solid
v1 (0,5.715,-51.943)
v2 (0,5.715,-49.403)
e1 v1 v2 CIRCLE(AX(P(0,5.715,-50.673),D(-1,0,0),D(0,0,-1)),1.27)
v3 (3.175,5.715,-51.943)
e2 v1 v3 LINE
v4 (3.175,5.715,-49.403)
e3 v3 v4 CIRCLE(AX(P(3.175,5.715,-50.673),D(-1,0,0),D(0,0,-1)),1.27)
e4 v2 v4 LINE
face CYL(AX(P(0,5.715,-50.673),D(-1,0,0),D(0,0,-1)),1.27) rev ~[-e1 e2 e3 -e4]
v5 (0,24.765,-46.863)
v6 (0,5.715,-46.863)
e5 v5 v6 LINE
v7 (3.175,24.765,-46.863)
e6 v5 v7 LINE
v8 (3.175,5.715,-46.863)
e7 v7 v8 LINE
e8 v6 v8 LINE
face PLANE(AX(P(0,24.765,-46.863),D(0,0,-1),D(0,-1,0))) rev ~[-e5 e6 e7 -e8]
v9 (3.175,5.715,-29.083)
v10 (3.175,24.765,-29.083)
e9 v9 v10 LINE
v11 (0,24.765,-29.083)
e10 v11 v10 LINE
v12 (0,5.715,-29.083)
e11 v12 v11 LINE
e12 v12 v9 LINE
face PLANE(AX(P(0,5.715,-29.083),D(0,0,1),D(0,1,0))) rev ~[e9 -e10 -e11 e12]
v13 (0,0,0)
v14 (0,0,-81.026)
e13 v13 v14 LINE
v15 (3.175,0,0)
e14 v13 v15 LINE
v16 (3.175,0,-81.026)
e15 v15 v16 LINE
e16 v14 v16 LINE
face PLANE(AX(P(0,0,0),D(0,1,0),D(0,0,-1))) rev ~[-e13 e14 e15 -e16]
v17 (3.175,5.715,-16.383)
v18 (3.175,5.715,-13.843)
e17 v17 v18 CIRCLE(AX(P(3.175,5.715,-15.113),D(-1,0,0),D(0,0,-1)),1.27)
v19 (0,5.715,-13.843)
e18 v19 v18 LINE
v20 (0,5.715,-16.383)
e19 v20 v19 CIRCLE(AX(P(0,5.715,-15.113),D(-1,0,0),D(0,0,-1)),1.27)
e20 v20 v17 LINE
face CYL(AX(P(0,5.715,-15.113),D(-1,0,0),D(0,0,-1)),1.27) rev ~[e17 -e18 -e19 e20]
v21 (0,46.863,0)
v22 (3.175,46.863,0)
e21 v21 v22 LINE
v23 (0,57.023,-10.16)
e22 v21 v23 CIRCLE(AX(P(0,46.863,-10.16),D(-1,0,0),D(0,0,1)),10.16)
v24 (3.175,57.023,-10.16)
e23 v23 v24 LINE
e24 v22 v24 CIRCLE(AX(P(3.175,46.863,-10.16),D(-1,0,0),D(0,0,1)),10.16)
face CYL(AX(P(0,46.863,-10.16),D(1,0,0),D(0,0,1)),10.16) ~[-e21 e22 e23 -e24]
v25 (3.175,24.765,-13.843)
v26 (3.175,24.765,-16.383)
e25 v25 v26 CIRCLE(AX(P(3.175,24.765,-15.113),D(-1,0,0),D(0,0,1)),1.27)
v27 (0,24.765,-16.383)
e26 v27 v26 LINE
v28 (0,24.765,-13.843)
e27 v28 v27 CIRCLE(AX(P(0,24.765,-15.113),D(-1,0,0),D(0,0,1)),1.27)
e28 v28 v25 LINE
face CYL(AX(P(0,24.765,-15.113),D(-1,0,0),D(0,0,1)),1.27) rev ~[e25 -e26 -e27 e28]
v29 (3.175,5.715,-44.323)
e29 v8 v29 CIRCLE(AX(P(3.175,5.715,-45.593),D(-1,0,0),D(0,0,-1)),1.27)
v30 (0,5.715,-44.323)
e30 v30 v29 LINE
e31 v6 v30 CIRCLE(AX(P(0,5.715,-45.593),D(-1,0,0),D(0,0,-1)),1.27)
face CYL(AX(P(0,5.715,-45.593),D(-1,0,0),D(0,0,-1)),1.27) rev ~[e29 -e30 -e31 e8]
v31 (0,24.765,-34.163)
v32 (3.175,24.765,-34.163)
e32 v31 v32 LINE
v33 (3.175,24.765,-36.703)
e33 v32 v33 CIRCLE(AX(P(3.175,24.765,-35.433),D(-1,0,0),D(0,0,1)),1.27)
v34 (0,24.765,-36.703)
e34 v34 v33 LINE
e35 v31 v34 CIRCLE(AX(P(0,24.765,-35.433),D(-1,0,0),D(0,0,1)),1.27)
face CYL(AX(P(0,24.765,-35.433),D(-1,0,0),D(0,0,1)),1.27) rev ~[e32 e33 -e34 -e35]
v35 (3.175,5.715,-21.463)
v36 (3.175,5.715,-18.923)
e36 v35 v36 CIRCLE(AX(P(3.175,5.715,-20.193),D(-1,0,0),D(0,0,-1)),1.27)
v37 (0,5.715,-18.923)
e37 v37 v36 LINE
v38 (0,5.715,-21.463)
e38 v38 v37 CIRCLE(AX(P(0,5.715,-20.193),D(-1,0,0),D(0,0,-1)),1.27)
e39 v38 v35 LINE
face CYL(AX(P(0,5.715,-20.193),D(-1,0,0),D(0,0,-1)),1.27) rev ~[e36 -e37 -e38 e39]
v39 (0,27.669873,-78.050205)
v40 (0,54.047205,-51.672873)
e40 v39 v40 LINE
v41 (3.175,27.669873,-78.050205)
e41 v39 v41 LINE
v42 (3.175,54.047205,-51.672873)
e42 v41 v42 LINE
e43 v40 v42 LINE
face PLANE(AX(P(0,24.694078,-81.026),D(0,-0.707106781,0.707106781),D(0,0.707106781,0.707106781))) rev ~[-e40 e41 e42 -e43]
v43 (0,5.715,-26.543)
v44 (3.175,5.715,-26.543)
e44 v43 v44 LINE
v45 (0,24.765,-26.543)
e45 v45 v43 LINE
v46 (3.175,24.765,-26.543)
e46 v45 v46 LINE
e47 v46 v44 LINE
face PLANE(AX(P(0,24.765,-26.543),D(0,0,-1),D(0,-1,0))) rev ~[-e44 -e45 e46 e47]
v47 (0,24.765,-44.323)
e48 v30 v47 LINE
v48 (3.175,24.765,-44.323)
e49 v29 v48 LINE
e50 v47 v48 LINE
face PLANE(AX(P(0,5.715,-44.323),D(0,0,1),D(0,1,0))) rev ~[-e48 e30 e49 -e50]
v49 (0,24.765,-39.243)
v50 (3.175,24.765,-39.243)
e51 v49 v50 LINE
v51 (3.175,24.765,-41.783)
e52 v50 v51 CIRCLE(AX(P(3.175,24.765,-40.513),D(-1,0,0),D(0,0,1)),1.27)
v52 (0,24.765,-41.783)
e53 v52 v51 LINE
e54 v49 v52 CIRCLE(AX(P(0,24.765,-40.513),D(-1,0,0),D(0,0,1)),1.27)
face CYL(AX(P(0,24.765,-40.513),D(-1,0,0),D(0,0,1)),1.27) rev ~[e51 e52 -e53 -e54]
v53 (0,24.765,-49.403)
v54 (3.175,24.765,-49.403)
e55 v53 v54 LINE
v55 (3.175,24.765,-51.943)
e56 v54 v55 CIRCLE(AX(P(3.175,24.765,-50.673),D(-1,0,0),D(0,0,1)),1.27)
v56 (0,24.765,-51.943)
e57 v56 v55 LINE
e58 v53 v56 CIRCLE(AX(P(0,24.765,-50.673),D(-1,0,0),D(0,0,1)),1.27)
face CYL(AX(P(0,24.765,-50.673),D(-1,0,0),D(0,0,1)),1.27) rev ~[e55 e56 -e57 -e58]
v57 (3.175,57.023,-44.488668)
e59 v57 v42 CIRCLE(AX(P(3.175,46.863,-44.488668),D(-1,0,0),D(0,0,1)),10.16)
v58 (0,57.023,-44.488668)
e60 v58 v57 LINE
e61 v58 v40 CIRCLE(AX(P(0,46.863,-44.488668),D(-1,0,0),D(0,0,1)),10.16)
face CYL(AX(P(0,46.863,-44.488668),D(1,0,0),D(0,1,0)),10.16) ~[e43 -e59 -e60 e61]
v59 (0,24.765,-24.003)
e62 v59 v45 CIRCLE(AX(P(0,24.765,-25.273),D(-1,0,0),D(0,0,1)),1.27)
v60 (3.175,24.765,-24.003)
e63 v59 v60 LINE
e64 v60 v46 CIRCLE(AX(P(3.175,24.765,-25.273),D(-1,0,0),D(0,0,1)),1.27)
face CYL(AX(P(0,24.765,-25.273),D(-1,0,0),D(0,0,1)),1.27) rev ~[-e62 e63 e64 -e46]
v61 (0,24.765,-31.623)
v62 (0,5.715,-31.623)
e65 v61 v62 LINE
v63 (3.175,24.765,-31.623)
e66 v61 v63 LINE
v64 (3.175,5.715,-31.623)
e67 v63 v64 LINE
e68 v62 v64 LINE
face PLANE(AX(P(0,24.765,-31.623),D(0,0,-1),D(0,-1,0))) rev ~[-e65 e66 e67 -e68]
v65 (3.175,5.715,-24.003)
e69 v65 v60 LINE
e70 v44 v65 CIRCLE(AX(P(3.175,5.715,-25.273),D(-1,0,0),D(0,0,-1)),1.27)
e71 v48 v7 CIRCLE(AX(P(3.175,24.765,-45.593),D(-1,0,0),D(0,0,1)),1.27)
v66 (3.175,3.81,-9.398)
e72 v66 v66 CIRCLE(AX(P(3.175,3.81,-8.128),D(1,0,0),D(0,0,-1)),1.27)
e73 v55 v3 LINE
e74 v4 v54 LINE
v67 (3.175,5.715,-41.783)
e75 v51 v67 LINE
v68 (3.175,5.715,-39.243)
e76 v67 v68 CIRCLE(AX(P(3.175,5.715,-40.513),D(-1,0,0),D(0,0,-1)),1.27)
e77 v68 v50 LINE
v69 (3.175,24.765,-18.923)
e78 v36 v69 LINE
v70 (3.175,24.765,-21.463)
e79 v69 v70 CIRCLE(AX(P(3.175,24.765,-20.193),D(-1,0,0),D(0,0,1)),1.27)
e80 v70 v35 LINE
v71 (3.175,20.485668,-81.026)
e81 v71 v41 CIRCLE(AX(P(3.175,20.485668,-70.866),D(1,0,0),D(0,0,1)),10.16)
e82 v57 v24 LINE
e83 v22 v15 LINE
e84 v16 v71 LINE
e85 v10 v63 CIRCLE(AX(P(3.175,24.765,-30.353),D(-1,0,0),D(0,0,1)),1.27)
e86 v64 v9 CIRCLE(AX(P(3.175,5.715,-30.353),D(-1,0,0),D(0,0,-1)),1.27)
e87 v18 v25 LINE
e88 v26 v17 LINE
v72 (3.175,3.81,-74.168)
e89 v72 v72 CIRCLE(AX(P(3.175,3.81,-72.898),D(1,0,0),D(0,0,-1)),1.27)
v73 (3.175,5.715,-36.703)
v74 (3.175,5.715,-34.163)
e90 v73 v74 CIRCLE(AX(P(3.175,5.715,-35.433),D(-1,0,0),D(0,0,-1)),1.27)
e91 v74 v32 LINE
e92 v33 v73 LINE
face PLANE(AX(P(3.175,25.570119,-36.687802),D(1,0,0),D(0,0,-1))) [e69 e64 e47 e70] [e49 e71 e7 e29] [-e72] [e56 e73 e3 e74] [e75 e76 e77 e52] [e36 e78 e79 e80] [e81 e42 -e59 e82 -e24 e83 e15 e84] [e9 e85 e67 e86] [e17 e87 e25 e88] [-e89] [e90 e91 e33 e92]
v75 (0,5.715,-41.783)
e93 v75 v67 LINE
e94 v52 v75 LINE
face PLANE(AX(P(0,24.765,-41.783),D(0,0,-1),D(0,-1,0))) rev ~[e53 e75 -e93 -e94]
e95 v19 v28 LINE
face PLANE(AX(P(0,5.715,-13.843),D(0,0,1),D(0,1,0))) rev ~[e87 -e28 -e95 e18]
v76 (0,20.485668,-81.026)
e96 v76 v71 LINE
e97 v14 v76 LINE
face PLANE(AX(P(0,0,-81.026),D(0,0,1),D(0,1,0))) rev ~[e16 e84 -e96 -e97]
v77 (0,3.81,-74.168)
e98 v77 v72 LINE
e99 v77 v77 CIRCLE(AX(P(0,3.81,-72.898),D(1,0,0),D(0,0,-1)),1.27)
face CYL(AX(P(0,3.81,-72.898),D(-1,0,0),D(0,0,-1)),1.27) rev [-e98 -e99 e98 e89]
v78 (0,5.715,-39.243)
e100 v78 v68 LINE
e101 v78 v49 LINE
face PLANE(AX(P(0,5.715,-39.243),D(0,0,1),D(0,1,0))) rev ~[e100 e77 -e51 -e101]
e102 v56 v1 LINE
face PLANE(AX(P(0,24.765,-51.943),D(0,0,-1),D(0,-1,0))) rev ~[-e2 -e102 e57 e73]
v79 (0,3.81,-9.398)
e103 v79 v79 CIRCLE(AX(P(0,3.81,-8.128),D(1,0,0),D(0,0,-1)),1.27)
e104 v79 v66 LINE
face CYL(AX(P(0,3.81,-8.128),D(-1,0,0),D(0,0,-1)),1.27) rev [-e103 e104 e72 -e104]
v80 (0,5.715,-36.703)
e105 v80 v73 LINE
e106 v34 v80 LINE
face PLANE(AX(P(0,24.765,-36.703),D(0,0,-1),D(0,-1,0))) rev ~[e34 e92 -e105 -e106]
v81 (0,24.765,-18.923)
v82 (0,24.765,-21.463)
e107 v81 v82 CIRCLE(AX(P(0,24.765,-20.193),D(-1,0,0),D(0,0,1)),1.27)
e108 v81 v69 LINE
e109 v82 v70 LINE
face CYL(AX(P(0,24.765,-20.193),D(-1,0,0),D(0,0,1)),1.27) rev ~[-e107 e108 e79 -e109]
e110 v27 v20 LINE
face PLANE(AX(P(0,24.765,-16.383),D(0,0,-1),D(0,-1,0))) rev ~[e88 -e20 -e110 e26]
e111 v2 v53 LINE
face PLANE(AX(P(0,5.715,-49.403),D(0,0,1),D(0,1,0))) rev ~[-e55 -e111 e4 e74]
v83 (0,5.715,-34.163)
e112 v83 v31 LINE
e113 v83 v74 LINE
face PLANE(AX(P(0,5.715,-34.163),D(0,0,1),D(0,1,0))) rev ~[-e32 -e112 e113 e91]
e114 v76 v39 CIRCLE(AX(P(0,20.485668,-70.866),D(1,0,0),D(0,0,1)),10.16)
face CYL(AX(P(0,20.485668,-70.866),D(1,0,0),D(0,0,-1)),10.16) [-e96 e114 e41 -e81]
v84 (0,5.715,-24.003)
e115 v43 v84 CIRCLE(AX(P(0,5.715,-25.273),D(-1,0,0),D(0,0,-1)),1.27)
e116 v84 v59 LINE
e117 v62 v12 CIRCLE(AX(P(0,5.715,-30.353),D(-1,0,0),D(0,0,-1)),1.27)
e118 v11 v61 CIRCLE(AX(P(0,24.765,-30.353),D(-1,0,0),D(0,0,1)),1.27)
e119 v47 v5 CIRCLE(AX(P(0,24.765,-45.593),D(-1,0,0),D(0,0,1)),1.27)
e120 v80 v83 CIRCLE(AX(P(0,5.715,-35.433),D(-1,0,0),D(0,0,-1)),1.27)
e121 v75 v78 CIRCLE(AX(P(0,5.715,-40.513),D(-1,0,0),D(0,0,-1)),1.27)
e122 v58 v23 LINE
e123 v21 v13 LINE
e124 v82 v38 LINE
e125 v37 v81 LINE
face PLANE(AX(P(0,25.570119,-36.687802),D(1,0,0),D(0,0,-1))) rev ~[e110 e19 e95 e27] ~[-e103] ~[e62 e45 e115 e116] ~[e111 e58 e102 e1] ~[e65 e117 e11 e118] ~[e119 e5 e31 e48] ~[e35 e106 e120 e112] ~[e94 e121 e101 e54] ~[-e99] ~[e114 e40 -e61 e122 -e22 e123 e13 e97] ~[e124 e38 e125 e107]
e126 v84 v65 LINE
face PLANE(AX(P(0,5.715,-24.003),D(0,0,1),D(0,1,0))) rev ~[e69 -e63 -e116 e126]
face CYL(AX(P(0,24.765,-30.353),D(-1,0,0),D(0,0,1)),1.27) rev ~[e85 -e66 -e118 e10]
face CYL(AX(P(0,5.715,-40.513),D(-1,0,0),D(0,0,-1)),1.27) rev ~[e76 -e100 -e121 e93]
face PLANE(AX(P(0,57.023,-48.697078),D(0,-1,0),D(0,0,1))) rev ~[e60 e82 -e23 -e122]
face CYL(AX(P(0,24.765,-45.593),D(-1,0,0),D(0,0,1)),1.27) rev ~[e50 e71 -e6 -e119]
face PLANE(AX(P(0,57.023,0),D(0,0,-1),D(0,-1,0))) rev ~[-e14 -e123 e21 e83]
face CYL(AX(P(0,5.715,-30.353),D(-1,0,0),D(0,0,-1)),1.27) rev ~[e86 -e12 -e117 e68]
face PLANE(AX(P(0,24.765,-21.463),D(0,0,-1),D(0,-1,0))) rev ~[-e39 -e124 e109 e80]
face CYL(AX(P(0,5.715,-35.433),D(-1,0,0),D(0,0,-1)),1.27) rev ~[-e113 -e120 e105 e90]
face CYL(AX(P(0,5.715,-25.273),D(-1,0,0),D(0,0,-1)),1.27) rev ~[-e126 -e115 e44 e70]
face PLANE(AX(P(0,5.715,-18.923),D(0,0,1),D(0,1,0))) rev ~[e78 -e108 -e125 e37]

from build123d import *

# Parameters (mm, degrees)
SKETCH1_R           = 1.27
BOSS_EXTRUDE1_DEPTH = 3.175
FILLET1_R           = 10.16


with BuildPart() as part:
    # Sketch1 → Boss-Extrude1 (new body)
    with BuildSketch(Plane(origin=(0, 0, 0), x_dir=(0, 0, -1), z_dir=(1, 0, 0))):
        Polygon((0, 0), (81.026, 0), (81.026, 24.694077964), (48.697077964, 57.023), (0, 57.023), align=None)
        with Locations((8.128, 3.81)):
            Circle(SKETCH1_R, mode=Mode.SUBTRACT)
        with Locations((72.898, 3.81)):
            Circle(SKETCH1_R, mode=Mode.SUBTRACT)
        with BuildLine():
            Line((51.943, 24.765), (51.943, 5.715))
            ThreePointArc((51.943, 5.715), (50.673, 4.445), (49.403, 5.715))
            Line((49.403, 5.715), (49.403, 24.765))
            ThreePointArc((49.403, 24.765), (50.673, 26.035), (51.943, 24.765))
        make_face(mode=Mode.SUBTRACT)
        with BuildLine():
            Line((46.863, 24.765), (46.863, 5.715))
            ThreePointArc((46.863, 5.715), (45.593, 4.445), (44.323, 5.715))
            Line((44.323, 5.715), (44.323, 24.765))
            ThreePointArc((44.323, 24.765), (45.593, 26.035), (46.863, 24.765))
        make_face(mode=Mode.SUBTRACT)
        with BuildLine():
            Line((16.383, 24.765), (16.383, 5.715))
            ThreePointArc((16.383, 5.715), (15.113, 4.445), (13.843, 5.715))
            Line((13.843, 5.715), (13.843, 24.765))
            ThreePointArc((13.843, 24.765), (15.113, 26.035), (16.383, 24.765))
        make_face(mode=Mode.SUBTRACT)
        with BuildLine():
            Line((41.783, 24.765), (41.783, 5.715))
            ThreePointArc((41.783, 5.715), (40.513, 4.445), (39.243, 5.715))
            Line((39.243, 5.715), (39.243, 24.765))
            ThreePointArc((39.243, 24.765), (40.513, 26.035), (41.783, 24.765))
        make_face(mode=Mode.SUBTRACT)
        with BuildLine():
            Line((36.703, 24.765), (36.703, 5.715))
            ThreePointArc((36.703, 5.715), (35.433, 4.445), (34.163, 5.715))
            Line((34.163, 5.715), (34.163, 24.765))
            ThreePointArc((34.163, 24.765), (35.433, 26.035), (36.703, 24.765))
        make_face(mode=Mode.SUBTRACT)
        with BuildLine():
            Line((31.623, 24.765), (31.623, 5.715))
            ThreePointArc((31.623, 5.715), (30.353, 4.445), (29.083, 5.715))
            Line((29.083, 5.715), (29.083, 24.765))
            ThreePointArc((29.083, 24.765), (30.353, 26.035), (31.623, 24.765))
        make_face(mode=Mode.SUBTRACT)
        with BuildLine():
            Line((26.543, 24.765), (26.543, 5.715))
            ThreePointArc((26.543, 5.715), (25.273, 4.445), (24.003, 5.715))
            Line((24.003, 5.715), (24.003, 24.765))
            ThreePointArc((24.003, 24.765), (25.273, 26.035), (26.543, 24.765))
        make_face(mode=Mode.SUBTRACT)
        with BuildLine():
            Line((21.463, 24.765), (21.463, 5.715))
            ThreePointArc((21.463, 5.715), (20.193, 4.445), (18.923, 5.715))
            Line((18.923, 5.715), (18.923, 24.765))
            ThreePointArc((18.923, 24.765), (20.193, 26.035), (21.463, 24.765))
        make_face(mode=Mode.SUBTRACT)
    extrude(amount=BOSS_EXTRUDE1_DEPTH)

    # Fillet1
    fillet1_edges = [part.edges().sort_by_distance(p)[0] for p in [
        (1.5875, 57.023, -48.697077964),
        (1.5875, 24.694077964, -81.026),
        (1.5875, 57.023, 0),
    ]]
    fillet(fillet1_edges, radius=FILLET1_R)


solid = part.part
